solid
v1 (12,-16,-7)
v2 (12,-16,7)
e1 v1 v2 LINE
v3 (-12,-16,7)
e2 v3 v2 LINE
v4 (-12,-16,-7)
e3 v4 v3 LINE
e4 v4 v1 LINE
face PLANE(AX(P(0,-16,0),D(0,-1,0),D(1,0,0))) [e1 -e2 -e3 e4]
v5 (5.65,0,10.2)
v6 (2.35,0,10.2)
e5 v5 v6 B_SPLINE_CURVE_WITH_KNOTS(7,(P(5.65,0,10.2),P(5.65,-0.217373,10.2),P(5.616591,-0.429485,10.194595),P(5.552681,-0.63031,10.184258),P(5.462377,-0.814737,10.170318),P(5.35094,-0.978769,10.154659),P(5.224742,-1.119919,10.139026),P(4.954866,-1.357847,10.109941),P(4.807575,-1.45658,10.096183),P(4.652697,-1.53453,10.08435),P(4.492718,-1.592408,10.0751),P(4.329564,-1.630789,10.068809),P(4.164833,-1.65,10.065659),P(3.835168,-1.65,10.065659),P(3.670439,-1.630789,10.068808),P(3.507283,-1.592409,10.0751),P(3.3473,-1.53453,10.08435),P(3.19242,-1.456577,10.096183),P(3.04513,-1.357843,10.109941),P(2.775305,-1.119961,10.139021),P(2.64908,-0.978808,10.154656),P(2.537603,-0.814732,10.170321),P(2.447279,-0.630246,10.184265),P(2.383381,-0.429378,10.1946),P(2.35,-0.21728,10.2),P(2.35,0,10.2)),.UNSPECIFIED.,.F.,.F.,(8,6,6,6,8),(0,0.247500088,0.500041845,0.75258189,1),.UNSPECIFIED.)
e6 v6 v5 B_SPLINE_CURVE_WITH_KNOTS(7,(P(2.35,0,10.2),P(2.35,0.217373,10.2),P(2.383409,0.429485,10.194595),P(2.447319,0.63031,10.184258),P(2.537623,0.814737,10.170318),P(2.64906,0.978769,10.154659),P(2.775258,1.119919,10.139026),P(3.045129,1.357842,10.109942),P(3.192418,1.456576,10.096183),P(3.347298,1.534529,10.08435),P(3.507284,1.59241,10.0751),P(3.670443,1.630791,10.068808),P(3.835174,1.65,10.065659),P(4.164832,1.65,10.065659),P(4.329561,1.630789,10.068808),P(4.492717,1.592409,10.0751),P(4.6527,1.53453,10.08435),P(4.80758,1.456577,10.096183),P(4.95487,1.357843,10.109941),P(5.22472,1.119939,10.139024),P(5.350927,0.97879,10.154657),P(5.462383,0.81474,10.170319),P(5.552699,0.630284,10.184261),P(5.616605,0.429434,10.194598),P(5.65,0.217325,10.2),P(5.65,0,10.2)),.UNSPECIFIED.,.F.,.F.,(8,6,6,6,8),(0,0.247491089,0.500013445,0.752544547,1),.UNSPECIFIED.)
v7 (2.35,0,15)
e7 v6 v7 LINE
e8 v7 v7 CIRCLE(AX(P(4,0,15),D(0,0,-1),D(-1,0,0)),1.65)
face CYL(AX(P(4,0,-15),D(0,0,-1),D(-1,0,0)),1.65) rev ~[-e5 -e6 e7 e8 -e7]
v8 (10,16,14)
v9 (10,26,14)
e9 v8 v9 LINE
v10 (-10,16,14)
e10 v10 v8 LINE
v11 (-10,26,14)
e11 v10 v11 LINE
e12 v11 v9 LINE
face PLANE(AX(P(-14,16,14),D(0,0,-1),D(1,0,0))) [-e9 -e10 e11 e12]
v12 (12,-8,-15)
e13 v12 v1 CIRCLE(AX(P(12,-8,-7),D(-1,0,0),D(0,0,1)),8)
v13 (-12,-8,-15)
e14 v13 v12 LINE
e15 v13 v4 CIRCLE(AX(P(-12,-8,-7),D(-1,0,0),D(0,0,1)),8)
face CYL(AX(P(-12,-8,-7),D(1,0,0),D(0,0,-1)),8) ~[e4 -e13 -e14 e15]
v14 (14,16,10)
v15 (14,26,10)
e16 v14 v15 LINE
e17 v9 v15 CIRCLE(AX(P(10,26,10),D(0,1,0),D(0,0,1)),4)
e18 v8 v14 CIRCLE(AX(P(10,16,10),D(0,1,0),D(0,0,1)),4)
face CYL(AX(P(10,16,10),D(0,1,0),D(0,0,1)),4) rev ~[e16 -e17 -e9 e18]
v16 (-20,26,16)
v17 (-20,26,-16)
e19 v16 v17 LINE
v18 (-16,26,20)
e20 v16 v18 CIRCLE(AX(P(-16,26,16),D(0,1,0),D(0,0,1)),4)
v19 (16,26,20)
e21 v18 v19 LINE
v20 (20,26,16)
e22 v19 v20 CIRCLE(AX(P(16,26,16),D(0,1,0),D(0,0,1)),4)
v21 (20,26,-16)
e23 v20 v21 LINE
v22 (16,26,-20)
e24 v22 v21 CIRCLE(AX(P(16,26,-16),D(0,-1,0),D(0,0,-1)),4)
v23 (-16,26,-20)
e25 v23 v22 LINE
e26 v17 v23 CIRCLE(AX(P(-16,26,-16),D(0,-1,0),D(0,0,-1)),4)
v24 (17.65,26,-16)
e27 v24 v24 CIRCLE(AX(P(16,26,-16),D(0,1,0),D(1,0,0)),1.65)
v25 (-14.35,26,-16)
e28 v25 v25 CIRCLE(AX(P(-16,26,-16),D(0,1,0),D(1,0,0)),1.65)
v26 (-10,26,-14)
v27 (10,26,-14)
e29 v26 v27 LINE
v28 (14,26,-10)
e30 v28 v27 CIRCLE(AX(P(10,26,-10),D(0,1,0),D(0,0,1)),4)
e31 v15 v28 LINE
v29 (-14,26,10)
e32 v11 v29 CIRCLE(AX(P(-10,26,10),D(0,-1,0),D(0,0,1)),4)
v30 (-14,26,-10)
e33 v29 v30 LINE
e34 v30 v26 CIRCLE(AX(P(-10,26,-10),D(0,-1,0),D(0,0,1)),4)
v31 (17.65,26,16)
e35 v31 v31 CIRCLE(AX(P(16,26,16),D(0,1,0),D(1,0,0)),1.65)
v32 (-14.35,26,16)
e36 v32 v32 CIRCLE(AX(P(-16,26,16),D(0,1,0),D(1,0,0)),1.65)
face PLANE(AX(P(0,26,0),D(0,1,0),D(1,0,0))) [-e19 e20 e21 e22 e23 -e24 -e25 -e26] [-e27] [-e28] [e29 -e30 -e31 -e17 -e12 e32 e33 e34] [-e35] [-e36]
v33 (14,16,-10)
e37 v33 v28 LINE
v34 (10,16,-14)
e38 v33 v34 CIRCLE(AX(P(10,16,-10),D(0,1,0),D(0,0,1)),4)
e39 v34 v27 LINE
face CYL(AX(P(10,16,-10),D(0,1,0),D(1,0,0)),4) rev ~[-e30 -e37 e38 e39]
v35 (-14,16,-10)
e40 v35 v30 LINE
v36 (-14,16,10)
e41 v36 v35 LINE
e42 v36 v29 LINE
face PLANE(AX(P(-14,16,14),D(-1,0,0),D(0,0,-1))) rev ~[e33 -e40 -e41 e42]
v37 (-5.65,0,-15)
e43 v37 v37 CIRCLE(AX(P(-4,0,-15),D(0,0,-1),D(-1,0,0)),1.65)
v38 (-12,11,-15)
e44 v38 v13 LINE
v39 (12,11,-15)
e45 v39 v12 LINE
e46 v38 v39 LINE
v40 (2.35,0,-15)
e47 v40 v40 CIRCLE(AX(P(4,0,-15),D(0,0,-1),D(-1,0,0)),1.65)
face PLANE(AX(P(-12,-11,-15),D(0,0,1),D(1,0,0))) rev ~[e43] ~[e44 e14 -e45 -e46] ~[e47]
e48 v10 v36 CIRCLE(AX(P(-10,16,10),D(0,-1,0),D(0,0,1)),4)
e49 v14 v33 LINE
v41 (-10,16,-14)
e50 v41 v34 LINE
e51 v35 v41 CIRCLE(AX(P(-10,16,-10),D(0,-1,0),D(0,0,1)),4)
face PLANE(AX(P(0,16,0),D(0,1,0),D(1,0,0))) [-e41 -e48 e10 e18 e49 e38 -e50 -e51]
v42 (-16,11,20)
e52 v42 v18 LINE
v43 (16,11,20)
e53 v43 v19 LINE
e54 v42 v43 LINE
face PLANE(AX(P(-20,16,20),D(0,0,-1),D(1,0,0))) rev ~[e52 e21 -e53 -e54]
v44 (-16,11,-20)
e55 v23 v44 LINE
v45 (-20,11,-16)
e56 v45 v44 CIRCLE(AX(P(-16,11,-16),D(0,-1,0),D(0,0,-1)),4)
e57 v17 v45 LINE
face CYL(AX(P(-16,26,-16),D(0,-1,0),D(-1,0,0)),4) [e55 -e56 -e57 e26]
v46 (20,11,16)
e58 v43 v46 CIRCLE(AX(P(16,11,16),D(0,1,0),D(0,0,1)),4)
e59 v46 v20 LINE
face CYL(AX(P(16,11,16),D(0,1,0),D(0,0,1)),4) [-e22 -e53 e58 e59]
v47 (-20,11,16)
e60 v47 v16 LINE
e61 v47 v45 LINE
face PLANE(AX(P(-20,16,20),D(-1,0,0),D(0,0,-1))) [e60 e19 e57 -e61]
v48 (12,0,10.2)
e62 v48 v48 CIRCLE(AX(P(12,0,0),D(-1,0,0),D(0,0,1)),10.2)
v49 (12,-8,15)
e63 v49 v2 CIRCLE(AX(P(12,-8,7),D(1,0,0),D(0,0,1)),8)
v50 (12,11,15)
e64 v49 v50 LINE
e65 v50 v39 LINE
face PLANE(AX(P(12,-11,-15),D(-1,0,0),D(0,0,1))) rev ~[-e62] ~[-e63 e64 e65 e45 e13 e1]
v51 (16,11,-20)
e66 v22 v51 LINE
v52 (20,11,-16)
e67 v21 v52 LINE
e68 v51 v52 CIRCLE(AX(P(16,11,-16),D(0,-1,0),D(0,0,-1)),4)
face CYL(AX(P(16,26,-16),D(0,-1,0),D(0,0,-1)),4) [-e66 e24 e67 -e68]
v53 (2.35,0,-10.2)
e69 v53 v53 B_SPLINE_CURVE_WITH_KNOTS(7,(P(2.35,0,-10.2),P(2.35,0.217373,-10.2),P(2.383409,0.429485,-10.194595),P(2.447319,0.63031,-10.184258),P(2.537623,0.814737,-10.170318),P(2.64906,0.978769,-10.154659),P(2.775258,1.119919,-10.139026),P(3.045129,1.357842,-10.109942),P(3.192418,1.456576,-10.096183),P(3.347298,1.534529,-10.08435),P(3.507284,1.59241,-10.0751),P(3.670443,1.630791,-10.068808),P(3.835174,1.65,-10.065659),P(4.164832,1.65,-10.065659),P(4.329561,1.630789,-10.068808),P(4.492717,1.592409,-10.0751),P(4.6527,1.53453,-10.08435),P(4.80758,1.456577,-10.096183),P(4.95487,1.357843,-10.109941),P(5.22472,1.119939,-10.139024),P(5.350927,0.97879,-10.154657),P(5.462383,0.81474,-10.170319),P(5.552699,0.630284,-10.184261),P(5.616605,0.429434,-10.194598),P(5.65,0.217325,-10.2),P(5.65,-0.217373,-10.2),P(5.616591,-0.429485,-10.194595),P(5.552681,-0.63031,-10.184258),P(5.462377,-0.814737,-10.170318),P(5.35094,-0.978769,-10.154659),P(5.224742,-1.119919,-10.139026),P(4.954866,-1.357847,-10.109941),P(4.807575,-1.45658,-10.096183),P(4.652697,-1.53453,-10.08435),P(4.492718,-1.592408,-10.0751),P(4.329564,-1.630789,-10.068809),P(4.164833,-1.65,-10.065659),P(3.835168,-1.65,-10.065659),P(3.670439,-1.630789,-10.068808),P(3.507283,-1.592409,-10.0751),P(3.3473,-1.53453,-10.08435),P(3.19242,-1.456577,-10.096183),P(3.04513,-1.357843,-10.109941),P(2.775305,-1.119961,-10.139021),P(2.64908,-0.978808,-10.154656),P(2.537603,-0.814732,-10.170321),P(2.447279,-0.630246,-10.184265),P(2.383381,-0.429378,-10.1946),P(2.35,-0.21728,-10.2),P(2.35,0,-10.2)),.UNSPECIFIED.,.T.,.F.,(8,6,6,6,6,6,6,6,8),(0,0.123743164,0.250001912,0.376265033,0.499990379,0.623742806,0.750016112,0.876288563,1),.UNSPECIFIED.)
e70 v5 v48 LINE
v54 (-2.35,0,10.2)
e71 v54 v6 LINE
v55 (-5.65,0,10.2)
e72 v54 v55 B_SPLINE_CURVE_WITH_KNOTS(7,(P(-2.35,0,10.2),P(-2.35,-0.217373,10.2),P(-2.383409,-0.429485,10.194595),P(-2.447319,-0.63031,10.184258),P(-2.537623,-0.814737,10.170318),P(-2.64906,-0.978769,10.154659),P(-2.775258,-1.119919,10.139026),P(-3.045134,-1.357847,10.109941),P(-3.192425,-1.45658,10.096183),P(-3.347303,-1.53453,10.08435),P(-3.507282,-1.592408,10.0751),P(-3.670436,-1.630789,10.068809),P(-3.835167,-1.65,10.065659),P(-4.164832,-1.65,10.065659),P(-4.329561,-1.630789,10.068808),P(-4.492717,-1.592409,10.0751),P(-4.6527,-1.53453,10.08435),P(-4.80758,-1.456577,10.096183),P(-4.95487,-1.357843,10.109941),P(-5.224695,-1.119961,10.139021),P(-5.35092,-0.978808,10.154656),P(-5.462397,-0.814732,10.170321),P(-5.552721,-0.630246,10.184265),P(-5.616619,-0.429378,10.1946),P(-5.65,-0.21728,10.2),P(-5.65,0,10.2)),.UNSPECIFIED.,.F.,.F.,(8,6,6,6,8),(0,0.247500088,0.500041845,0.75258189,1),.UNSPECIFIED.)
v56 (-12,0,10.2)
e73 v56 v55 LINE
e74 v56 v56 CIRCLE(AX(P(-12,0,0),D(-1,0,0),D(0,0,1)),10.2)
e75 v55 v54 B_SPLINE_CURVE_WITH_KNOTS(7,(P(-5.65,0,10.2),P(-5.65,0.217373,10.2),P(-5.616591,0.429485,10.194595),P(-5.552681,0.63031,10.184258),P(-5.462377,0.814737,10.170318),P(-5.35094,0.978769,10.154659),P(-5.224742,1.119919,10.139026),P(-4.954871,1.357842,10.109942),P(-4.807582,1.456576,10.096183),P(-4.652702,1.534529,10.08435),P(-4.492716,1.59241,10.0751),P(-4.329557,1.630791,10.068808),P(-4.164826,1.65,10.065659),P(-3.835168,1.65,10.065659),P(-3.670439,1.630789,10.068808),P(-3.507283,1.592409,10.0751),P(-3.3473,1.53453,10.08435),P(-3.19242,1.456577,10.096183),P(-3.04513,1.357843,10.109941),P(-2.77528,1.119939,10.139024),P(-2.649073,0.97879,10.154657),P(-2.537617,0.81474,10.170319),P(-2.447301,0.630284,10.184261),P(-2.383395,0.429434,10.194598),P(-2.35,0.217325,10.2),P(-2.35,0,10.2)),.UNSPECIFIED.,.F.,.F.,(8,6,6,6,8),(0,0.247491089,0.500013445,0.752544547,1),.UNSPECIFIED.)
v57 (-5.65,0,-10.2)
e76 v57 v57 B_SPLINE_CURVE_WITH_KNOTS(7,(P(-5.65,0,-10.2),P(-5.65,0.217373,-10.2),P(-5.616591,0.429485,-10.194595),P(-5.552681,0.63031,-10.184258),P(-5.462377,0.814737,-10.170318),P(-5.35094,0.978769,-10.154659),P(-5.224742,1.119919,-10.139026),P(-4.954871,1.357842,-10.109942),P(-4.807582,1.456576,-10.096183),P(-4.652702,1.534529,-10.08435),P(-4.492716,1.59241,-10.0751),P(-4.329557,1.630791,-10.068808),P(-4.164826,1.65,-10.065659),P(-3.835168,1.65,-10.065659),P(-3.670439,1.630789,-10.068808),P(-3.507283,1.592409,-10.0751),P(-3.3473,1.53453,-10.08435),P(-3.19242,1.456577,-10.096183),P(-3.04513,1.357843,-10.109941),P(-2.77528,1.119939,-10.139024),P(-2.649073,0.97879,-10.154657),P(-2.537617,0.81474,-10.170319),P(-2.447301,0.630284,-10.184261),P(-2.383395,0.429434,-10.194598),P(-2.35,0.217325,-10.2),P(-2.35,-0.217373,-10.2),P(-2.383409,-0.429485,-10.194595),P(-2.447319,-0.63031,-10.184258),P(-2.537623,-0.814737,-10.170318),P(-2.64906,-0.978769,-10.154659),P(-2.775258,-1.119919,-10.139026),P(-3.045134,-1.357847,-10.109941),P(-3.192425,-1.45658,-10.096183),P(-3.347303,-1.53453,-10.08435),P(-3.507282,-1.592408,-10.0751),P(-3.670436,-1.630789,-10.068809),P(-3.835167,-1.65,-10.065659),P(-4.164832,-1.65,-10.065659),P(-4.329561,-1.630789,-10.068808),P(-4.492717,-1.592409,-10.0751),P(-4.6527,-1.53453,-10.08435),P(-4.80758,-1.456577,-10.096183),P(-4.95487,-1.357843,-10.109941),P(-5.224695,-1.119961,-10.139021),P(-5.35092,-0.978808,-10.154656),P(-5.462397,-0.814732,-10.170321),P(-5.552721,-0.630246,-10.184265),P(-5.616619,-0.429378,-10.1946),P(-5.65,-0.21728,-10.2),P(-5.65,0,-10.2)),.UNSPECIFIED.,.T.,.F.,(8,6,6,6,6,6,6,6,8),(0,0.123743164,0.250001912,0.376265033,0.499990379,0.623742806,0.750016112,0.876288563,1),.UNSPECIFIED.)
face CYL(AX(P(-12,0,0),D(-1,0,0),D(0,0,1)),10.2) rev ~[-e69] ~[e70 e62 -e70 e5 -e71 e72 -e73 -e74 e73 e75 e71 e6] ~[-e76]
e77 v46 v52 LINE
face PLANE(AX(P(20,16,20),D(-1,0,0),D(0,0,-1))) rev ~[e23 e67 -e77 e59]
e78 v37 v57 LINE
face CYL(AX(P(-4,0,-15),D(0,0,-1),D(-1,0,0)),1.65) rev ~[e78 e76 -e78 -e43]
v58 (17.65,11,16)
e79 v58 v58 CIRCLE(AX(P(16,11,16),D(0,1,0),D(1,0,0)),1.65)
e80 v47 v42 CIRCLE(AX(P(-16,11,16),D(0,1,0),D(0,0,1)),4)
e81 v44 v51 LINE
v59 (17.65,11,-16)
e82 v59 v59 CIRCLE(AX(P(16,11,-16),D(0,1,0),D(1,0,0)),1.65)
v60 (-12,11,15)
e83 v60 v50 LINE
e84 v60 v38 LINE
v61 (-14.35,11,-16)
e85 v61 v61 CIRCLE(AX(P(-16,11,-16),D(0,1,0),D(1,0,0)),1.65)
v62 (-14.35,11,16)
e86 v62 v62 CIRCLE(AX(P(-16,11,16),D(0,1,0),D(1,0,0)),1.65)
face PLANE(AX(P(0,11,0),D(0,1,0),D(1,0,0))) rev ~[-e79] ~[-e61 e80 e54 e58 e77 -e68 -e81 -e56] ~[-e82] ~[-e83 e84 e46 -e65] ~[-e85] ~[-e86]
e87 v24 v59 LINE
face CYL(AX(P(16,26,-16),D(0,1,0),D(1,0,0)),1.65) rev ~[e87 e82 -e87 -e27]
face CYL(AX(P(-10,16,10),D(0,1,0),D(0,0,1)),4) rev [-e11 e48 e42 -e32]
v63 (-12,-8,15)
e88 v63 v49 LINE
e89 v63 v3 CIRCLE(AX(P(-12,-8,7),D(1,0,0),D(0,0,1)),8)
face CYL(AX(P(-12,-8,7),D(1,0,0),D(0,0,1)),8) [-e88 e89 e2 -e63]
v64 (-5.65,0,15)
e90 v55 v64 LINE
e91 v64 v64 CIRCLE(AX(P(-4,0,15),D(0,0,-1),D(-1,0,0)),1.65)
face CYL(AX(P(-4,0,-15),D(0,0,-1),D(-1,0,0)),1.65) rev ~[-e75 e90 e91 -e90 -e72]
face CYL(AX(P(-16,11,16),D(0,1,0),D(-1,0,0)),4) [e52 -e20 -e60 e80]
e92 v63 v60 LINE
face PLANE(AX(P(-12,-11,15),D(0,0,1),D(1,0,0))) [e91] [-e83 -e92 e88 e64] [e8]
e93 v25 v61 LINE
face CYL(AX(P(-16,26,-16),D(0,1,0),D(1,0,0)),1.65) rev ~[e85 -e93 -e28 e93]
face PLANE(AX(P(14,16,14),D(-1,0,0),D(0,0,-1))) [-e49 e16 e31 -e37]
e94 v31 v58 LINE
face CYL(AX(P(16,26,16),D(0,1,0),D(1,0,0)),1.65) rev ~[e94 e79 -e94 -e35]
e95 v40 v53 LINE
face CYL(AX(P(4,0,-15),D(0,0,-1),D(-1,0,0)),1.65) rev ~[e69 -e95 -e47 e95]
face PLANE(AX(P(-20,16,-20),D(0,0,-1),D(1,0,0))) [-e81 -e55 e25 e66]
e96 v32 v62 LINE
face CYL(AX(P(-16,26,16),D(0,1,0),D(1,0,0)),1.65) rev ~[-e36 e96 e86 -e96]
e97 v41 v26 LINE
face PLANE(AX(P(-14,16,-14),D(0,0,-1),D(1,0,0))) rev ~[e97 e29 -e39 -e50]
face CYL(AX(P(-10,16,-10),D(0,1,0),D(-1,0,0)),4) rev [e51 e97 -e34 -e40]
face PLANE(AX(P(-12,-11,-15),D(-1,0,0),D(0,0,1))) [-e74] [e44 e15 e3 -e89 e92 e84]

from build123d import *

# Parameters (mm, degrees)
SKETCH1_W           = 24
SKETCH1_H           = 30
BOSS_EXTRUDE1_DEPTH = 11
SKETCH2_R           = 1.65
CUT_EXTRUDE1_DEPTH  = 30
SKETCH3_R           = 10.2
CUT_EXTRUDE2_DEPTH  = 24
SKETCH5_W           = 40
SKETCH5_H           = 40
BOSS_EXTRUDE3_DEPTH = 5
SKETCH8_W           = 40
SKETCH8_H           = 40
SKETCH8_W_2         = 28
SKETCH8_H_2         = 28
BOSS_EXTRUDE4_DEPTH = 10
SKETCH9_R           = 1.65
CUT_EXTRUDE3_DEPTH  = 15
FILLET3_R           = 4
SKETCH10_W          = 24
SKETCH10_H          = 30
BOSS_EXTRUDE5_DEPTH = 5
FILLET6_R           = 8


with BuildPart() as part:
    # Sketch1 → Boss-Extrude1 (new body, symmetric)
    with BuildSketch(Plane(origin=(0, 0, 0), x_dir=(1, 0, 0), z_dir=(0, 1, 0))):
        Rectangle(SKETCH1_W, SKETCH1_H)
    extrude(amount=BOSS_EXTRUDE1_DEPTH, both=True)

    # Sketch2 → Cut-Extrude1 (cut)
    with BuildSketch(Plane(origin=(0, 0, -15), x_dir=(-1, 0, 0), z_dir=(0, 0, -1))):
        with Locations((4, 0)):
            Circle(SKETCH2_R)
        with Locations((-4, 0)):
            Circle(SKETCH2_R)
    extrude(amount=-CUT_EXTRUDE1_DEPTH, mode=Mode.SUBTRACT)

    # Sketch3 → Cut-Extrude2 (cut)
    with BuildSketch(Plane.ZY.offset(12)):
        Circle(SKETCH3_R)
    extrude(amount=-CUT_EXTRUDE2_DEPTH, mode=Mode.SUBTRACT)

    # Sketch5 → Boss-Extrude3 (add)
    with BuildSketch(Plane(origin=(0, 16, 0), x_dir=(1, 0, 0), z_dir=(0, 1, 0))):
        Rectangle(SKETCH5_W, SKETCH5_H)
    extrude(amount=-BOSS_EXTRUDE3_DEPTH)

    # Sketch8 → Boss-Extrude4 (add)
    with BuildSketch(Plane(origin=(0, 16, 0), x_dir=(1, 0, 0), z_dir=(0, 1, 0))):
        Rectangle(SKETCH8_W, SKETCH8_H)
        Rectangle(SKETCH8_W_2, SKETCH8_H_2, mode=Mode.SUBTRACT)
    extrude(amount=BOSS_EXTRUDE4_DEPTH)

    # Sketch9 → Cut-Extrude3 (cut)
    with BuildSketch(Plane(origin=(0, 26, 0), x_dir=(1, 0, 0), z_dir=(0, 1, 0))):
        with Locations((-16, 16)):
            Circle(SKETCH9_R)
        with Locations((16, 16)):
            Circle(SKETCH9_R)
        with Locations((16, -16)):
            Circle(SKETCH9_R)
        with Locations((-16, -16)):
            Circle(SKETCH9_R)
    extrude(amount=-CUT_EXTRUDE3_DEPTH, mode=Mode.SUBTRACT)

    # Fillet3
    fillet3_edges = [part.edges().sort_by_distance(p)[0] for p in [
        (20, 18.5, 20),
        (20, 18.5, -20),
        (-20, 18.5, -20),
        (-20, 18.5, 20),
        (-14, 21, 14),
        (-14, 21, -14),
        (14, 21, -14),
        (14, 21, 14),
    ]]
    fillet(fillet3_edges, radius=FILLET3_R)

    # Sketch10 → Boss-Extrude5 (add)
    with BuildSketch(Plane.XZ.offset(11)):
        Rectangle(SKETCH10_W, SKETCH10_H)
    extrude(amount=BOSS_EXTRUDE5_DEPTH)

    # Fillet6
    fillet6_edges = [part.edges().sort_by_distance(p)[0] for p in [
        (0, -16, 15),
        (0, -16, -15),
    ]]
    fillet(fillet6_edges, radius=FILLET6_R)


solid = part.part
